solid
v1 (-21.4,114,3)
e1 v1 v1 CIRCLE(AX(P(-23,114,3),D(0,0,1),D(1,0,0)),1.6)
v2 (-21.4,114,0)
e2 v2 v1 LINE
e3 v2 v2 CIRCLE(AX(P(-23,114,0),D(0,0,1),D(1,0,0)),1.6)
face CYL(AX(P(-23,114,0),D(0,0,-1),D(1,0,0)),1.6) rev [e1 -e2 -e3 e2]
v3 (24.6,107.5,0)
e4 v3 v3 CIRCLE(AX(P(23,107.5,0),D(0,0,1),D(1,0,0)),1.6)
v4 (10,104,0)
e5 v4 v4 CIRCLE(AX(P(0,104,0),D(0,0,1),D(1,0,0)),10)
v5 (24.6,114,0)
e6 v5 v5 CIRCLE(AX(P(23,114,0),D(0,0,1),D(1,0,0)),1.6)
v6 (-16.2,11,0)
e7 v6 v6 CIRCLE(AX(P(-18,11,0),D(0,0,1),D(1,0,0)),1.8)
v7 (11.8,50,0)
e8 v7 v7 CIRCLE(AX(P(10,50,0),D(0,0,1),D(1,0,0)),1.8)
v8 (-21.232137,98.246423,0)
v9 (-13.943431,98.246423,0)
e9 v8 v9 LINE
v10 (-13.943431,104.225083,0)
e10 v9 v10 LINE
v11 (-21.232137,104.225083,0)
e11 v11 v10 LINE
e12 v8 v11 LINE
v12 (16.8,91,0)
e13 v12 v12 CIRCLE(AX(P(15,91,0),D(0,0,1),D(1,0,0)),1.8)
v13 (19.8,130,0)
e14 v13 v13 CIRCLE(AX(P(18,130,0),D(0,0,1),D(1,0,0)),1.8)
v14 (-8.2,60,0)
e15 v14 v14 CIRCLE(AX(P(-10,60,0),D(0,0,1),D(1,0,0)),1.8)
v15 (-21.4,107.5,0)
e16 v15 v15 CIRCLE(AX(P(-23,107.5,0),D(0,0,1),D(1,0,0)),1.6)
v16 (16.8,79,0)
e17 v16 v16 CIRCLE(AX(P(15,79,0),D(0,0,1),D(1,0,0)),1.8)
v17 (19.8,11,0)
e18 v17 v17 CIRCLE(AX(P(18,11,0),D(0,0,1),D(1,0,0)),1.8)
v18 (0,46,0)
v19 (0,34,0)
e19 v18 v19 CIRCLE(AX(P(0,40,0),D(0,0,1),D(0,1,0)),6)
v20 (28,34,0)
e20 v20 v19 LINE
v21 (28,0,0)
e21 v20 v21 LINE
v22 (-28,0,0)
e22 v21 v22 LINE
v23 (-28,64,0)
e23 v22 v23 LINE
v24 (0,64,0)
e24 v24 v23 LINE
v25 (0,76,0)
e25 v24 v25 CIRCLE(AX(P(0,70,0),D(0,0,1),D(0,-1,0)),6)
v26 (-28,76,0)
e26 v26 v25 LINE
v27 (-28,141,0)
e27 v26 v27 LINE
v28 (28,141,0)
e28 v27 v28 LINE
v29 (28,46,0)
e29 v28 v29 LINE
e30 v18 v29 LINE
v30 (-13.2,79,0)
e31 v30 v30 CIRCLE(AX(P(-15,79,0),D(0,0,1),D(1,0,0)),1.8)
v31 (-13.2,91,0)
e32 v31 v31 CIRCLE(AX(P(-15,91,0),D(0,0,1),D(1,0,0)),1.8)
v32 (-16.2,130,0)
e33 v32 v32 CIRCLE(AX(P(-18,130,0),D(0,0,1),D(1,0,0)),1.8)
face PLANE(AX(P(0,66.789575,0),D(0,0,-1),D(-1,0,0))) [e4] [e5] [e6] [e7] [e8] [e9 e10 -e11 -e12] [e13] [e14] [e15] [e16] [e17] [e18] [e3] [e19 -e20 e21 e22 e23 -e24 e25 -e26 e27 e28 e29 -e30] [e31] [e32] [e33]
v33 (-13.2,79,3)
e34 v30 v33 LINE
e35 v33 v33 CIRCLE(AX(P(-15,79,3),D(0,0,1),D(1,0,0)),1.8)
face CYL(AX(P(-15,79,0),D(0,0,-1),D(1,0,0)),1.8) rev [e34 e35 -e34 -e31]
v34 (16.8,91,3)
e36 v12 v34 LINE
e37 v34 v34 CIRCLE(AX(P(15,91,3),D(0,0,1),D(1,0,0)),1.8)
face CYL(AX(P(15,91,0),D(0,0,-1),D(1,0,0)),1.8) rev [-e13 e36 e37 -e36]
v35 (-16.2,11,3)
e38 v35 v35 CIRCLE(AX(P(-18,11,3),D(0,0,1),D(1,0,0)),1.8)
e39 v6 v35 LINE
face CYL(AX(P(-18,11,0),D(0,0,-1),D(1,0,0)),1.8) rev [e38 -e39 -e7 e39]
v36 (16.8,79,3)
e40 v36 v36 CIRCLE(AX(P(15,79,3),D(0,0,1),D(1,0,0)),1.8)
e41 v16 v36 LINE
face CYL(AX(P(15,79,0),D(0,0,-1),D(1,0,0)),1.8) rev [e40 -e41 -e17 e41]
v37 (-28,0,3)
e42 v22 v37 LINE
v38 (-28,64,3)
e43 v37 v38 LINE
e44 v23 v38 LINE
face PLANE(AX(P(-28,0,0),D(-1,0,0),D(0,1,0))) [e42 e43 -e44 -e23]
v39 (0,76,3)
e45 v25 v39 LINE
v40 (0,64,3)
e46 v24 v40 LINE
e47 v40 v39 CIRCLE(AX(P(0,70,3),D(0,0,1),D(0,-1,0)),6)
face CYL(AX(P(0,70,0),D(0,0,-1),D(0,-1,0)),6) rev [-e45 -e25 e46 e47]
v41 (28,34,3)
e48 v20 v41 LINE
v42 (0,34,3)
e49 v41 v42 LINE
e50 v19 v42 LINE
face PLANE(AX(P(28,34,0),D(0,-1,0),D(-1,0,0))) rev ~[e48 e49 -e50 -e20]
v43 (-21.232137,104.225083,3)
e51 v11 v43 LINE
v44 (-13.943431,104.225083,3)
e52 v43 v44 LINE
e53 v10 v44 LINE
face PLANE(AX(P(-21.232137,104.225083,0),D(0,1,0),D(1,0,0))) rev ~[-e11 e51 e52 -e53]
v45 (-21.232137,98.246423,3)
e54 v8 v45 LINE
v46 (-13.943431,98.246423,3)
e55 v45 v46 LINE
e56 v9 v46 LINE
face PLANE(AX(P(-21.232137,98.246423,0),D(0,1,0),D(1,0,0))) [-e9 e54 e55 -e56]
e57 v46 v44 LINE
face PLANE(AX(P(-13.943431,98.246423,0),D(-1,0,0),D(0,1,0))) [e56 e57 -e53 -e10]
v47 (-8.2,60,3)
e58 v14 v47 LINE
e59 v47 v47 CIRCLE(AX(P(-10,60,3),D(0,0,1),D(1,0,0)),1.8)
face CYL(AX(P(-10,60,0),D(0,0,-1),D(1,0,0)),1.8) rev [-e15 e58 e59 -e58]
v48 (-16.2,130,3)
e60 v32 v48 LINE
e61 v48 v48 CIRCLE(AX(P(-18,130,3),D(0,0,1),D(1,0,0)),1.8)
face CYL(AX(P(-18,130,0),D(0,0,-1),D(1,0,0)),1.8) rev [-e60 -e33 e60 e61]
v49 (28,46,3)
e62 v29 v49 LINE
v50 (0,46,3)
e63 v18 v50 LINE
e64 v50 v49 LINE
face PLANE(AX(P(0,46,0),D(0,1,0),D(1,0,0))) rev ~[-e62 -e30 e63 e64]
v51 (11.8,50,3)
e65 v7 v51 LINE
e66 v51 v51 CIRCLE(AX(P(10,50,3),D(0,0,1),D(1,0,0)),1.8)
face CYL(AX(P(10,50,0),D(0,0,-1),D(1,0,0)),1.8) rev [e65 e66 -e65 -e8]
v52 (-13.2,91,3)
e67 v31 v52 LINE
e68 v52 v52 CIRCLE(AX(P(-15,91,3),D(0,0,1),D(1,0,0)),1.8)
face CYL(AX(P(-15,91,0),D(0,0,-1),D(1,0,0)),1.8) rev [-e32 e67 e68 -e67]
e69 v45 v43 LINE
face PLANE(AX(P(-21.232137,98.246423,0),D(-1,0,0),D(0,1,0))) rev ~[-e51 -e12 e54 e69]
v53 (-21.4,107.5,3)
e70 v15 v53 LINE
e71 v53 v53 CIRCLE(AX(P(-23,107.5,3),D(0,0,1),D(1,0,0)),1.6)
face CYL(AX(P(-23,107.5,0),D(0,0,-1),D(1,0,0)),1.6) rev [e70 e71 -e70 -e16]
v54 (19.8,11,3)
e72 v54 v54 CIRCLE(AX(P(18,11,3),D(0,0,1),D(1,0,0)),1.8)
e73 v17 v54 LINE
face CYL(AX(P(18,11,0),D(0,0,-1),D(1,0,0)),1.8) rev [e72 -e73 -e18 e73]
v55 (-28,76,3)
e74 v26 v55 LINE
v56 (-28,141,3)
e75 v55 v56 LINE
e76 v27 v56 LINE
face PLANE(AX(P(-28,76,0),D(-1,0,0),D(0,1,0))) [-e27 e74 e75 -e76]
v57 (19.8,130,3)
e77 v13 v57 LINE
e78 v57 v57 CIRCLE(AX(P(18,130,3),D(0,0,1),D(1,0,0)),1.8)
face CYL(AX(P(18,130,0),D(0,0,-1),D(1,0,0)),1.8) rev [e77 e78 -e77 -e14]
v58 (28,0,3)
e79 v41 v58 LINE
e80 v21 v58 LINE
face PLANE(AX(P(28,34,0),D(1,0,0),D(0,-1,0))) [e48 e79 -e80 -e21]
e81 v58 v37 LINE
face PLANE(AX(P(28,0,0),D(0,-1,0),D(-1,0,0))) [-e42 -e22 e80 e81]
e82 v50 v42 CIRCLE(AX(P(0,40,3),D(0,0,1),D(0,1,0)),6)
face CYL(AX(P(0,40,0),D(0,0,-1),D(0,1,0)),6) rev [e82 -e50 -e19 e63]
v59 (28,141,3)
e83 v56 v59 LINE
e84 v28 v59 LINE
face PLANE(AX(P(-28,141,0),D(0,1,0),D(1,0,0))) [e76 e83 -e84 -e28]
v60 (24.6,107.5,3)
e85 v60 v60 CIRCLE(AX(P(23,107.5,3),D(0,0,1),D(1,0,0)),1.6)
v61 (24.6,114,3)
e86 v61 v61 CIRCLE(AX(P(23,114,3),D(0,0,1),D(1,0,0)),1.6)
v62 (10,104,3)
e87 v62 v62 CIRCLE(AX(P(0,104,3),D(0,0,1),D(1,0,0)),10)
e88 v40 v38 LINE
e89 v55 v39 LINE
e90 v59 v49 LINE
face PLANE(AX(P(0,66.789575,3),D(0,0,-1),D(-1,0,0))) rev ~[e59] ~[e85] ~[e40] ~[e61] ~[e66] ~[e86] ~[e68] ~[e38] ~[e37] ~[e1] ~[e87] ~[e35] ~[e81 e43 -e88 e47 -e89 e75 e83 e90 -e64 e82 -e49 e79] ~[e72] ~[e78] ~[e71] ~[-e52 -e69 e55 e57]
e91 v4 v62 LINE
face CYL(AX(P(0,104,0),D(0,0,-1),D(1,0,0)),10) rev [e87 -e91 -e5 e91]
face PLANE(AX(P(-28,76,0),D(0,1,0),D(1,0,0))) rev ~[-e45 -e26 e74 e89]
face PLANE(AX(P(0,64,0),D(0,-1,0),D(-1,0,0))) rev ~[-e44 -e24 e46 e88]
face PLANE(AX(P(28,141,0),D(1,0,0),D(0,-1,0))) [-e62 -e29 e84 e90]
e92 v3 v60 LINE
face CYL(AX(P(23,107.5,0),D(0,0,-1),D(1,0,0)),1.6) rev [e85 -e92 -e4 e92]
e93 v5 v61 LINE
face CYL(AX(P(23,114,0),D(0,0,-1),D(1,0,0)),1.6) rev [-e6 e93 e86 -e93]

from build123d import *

# Parameters (mm, degrees)
SKETCH_R   = 10
SKETCH_R_2 = 1.8
SKETCH_R_3 = 1.6
SKETCH_W   = 7.288706
SKETCH_H   = 5.97866
PAD_DEPTH  = 3


with BuildPart() as part:
    # Sketch → Pad (new body)
    with BuildSketch(Plane.XY):
        with BuildLine():
            Line((-28, 141), (28, 141))
            Line((28, 141), (28, 46))
            Line((0, 46), (28, 46))
            ThreePointArc((0, 46), (-6, 40), (0, 34))
            Line((28, 34), (0, 34))
            Line((28, 34), (28, 0))
            Line((28, 0), (-28, 0))
            Line((-28, 0), (-28, 64))
            Line((0, 64), (-28, 64))
            ThreePointArc((0, 64), (6, 70), (0, 76))
            Line((-28, 76), (0, 76))
            Line((-28, 76), (-28, 141))
        make_face()
        with Locations((0, 104)):
            Circle(SKETCH_R, mode=Mode.SUBTRACT)
        with Locations((-18, 130)):
            Circle(SKETCH_R_2, mode=Mode.SUBTRACT)
        with Locations((18, 130)):
            Circle(SKETCH_R_2, mode=Mode.SUBTRACT)
        with Locations((-18, 11)):
            Circle(SKETCH_R_2, mode=Mode.SUBTRACT)
        with Locations((18, 11)):
            Circle(SKETCH_R_2, mode=Mode.SUBTRACT)
        with Locations((-23, 114)):
            Circle(SKETCH_R_3, mode=Mode.SUBTRACT)
        with Locations((-23, 107.5)):
            Circle(SKETCH_R_3, mode=Mode.SUBTRACT)
        with Locations((23, 114)):
            Circle(SKETCH_R_3, mode=Mode.SUBTRACT)
        with Locations((23, 107.5)):
            Circle(SKETCH_R_3, mode=Mode.SUBTRACT)
        with Locations((-10, 60)):
            Circle(SKETCH_R_2, mode=Mode.SUBTRACT)
        with Locations((10, 50)):
            Circle(SKETCH_R_2, mode=Mode.SUBTRACT)
        with Locations((-15, 91)):
            Circle(SKETCH_R_2, mode=Mode.SUBTRACT)
        with Locations((-15, 79)):
            Circle(SKETCH_R_2, mode=Mode.SUBTRACT)
        with Locations((15, 91)):
            Circle(SKETCH_R_2, mode=Mode.SUBTRACT)
        with Locations((15, 79)):
            Circle(SKETCH_R_2, mode=Mode.SUBTRACT)
        with Locations((-17.587784, 101.235753)):
            Rectangle(SKETCH_W, SKETCH_H, mode=Mode.SUBTRACT)
    extrude(amount=PAD_DEPTH)


solid = part.part
